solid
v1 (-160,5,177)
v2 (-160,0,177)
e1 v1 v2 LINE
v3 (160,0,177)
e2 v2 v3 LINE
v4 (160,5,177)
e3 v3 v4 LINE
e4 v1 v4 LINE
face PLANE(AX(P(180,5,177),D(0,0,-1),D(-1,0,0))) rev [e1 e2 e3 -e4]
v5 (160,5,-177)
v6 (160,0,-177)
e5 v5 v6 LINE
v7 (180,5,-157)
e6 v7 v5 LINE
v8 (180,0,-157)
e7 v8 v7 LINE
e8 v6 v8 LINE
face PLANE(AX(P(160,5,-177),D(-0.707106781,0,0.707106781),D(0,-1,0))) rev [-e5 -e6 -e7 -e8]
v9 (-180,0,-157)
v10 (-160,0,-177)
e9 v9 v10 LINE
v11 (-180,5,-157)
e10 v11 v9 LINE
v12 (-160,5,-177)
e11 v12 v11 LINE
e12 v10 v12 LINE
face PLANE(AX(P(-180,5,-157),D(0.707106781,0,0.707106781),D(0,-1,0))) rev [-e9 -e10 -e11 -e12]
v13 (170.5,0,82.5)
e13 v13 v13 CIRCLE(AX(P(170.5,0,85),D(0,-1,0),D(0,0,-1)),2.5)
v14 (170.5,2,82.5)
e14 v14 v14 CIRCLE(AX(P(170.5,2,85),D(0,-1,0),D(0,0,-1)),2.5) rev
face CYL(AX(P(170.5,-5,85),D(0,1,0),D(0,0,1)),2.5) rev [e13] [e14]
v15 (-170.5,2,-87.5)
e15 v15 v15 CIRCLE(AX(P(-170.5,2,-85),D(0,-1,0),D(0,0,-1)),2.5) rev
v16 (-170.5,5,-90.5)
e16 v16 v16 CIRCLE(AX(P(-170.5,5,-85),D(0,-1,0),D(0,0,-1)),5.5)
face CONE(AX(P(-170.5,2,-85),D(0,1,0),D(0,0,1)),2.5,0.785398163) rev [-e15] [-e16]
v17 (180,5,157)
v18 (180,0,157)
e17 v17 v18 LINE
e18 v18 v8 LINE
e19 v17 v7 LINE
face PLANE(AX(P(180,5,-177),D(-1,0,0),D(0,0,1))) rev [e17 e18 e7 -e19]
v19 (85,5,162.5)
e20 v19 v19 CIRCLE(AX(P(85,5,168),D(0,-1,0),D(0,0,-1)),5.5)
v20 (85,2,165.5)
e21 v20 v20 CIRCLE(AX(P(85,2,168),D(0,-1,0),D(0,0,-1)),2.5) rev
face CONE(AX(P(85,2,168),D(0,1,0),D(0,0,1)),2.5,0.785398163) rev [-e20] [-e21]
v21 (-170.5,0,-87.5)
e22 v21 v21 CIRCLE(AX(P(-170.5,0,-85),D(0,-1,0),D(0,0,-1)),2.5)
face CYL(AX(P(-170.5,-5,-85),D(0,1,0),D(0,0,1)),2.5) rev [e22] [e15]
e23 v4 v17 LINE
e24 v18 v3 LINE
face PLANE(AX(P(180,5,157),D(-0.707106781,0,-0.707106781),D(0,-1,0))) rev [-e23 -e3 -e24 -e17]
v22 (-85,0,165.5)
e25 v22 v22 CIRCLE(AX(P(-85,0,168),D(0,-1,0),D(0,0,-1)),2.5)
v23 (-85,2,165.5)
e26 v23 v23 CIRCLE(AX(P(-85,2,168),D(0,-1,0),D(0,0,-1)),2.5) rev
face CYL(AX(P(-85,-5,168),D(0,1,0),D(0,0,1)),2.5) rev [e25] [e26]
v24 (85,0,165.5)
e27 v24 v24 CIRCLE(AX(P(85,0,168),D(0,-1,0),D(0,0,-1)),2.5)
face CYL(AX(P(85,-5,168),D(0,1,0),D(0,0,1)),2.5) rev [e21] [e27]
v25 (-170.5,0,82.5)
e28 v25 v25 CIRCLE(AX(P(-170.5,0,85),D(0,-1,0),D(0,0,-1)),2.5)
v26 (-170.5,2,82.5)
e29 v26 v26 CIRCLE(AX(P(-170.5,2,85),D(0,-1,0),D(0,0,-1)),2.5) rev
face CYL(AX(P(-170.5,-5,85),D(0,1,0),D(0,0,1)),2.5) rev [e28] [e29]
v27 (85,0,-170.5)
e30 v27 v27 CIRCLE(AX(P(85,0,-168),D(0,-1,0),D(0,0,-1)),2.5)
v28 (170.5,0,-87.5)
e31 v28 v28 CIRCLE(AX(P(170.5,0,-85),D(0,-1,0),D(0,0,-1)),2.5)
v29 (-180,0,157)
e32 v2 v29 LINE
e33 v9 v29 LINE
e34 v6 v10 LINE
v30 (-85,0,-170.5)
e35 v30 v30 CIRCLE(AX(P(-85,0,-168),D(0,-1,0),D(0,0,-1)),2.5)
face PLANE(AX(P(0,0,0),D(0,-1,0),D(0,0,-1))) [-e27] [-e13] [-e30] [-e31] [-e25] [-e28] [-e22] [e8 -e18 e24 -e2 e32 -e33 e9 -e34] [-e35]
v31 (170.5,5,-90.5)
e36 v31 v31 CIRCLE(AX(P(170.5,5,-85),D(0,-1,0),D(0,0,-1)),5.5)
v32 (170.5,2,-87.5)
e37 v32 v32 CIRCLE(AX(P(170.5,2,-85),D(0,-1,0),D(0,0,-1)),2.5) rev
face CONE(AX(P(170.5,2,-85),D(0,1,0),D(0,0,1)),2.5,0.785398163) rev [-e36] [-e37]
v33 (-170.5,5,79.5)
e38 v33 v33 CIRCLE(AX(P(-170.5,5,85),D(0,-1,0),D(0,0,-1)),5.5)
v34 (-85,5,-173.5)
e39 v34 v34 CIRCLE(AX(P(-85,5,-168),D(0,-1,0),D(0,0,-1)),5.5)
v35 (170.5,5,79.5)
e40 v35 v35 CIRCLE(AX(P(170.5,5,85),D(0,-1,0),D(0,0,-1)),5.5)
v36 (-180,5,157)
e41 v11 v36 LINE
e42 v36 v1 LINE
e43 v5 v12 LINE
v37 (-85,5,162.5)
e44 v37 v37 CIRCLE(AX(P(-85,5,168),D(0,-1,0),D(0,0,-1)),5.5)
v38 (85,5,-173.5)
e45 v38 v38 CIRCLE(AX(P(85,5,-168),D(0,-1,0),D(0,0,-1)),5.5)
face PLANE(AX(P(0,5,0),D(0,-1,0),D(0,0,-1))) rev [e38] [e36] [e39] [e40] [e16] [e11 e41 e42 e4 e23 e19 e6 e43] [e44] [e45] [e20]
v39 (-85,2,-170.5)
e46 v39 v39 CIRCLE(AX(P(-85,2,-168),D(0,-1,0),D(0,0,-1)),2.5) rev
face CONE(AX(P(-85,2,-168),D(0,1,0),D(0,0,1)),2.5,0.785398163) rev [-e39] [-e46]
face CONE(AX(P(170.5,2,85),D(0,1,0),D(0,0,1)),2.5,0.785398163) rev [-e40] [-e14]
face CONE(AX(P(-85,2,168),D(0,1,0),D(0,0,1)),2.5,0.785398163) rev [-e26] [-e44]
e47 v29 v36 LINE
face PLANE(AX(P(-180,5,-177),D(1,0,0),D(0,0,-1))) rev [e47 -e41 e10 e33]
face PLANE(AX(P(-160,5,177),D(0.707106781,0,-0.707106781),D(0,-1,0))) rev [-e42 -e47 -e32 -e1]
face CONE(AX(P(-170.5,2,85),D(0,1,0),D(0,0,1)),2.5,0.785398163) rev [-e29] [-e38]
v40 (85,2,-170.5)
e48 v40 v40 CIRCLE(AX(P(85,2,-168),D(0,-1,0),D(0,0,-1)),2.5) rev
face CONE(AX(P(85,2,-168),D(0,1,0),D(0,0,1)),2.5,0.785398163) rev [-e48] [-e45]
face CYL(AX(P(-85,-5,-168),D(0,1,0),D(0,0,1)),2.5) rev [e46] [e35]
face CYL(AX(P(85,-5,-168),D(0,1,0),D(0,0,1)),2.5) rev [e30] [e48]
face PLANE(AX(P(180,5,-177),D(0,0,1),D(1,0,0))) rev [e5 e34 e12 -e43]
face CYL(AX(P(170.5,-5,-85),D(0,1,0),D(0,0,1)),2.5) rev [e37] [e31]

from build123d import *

# Parameters (mm, degrees)
SKETCH_1_W         = 360
SKETCH_1_H         = 354
EXTRUDE_1_DEPTH    = 5
CHAMFER_1_SIZE     = 20
SKETCH1_R          = 2.5
CUT_EXTRUDE1_DEPTH = 10
CHAMFER1_SIZE      = 3


with BuildPart() as part:
    # Эскиз1 → Бобышка-Вытянуть1 (new body)
    with BuildSketch(Plane(origin=(0, 0, 0), x_dir=(1, 0, 0), z_dir=(0, 1, 0))):
        Rectangle(SKETCH_1_W, SKETCH_1_H)
    extrude(amount=EXTRUDE_1_DEPTH)

    # Фаска1
    chamfer_1_edges = [part.edges().sort_by_distance(p)[0] for p in [
        (-180, 2.5, -177),
        (180, 2.5, -177),
        (180, 2.5, 177),
        (-180, 2.5, 177),
    ]]
    chamfer(chamfer_1_edges, length=CHAMFER_1_SIZE)

    # Sketch1 → Cut-Extrude1 (cut)
    with BuildSketch(Plane(origin=(0, 5, 0), x_dir=(1, 0, 0), z_dir=(0, 1, 0))):
        with Locations(Location((85, -168, 0), (0, 0, 90))):
            Circle(SKETCH1_R)
        with Locations(Location((-85, -168, 0), (0, 0, 90))):
            Circle(SKETCH1_R)
        with Locations(Location((-170.5, -85, 0), (0, 0, 270))):
            Circle(SKETCH1_R)
        with Locations(Location((-170.5, 85, 0), (0, 0, 270))):
            Circle(SKETCH1_R)
        with Locations(Location((-85, 168, 0), (0, 0, 270))):
            Circle(SKETCH1_R)
        with Locations(Location((85, 168, 0), (0, 0, 270))):
            Circle(SKETCH1_R)
        with Locations(Location((170.5, 85, 0), (0, 0, 90))):
            Circle(SKETCH1_R)
        with Locations(Location((170.5, -85, 0), (0, 0, 90))):
            Circle(SKETCH1_R)
    extrude(amount=-CUT_EXTRUDE1_DEPTH, mode=Mode.SUBTRACT)

    # Chamfer1
    chamfer1_edges = [part.edges().sort_by_distance(p)[0] for p in [
        (85, 5, 170.5),
        (170.5, 5, 87.5),
        (170.5, 5, -82.5),
        (85, 5, -170.5),
        (-85, 5, -170.5),
        (-170.5, 5, -87.5),
        (-170.5, 5, 82.5),
        (-85, 5, 170.5),
    ]]
    chamfer(chamfer1_edges, length=CHAMFER1_SIZE)


solid = part.part
